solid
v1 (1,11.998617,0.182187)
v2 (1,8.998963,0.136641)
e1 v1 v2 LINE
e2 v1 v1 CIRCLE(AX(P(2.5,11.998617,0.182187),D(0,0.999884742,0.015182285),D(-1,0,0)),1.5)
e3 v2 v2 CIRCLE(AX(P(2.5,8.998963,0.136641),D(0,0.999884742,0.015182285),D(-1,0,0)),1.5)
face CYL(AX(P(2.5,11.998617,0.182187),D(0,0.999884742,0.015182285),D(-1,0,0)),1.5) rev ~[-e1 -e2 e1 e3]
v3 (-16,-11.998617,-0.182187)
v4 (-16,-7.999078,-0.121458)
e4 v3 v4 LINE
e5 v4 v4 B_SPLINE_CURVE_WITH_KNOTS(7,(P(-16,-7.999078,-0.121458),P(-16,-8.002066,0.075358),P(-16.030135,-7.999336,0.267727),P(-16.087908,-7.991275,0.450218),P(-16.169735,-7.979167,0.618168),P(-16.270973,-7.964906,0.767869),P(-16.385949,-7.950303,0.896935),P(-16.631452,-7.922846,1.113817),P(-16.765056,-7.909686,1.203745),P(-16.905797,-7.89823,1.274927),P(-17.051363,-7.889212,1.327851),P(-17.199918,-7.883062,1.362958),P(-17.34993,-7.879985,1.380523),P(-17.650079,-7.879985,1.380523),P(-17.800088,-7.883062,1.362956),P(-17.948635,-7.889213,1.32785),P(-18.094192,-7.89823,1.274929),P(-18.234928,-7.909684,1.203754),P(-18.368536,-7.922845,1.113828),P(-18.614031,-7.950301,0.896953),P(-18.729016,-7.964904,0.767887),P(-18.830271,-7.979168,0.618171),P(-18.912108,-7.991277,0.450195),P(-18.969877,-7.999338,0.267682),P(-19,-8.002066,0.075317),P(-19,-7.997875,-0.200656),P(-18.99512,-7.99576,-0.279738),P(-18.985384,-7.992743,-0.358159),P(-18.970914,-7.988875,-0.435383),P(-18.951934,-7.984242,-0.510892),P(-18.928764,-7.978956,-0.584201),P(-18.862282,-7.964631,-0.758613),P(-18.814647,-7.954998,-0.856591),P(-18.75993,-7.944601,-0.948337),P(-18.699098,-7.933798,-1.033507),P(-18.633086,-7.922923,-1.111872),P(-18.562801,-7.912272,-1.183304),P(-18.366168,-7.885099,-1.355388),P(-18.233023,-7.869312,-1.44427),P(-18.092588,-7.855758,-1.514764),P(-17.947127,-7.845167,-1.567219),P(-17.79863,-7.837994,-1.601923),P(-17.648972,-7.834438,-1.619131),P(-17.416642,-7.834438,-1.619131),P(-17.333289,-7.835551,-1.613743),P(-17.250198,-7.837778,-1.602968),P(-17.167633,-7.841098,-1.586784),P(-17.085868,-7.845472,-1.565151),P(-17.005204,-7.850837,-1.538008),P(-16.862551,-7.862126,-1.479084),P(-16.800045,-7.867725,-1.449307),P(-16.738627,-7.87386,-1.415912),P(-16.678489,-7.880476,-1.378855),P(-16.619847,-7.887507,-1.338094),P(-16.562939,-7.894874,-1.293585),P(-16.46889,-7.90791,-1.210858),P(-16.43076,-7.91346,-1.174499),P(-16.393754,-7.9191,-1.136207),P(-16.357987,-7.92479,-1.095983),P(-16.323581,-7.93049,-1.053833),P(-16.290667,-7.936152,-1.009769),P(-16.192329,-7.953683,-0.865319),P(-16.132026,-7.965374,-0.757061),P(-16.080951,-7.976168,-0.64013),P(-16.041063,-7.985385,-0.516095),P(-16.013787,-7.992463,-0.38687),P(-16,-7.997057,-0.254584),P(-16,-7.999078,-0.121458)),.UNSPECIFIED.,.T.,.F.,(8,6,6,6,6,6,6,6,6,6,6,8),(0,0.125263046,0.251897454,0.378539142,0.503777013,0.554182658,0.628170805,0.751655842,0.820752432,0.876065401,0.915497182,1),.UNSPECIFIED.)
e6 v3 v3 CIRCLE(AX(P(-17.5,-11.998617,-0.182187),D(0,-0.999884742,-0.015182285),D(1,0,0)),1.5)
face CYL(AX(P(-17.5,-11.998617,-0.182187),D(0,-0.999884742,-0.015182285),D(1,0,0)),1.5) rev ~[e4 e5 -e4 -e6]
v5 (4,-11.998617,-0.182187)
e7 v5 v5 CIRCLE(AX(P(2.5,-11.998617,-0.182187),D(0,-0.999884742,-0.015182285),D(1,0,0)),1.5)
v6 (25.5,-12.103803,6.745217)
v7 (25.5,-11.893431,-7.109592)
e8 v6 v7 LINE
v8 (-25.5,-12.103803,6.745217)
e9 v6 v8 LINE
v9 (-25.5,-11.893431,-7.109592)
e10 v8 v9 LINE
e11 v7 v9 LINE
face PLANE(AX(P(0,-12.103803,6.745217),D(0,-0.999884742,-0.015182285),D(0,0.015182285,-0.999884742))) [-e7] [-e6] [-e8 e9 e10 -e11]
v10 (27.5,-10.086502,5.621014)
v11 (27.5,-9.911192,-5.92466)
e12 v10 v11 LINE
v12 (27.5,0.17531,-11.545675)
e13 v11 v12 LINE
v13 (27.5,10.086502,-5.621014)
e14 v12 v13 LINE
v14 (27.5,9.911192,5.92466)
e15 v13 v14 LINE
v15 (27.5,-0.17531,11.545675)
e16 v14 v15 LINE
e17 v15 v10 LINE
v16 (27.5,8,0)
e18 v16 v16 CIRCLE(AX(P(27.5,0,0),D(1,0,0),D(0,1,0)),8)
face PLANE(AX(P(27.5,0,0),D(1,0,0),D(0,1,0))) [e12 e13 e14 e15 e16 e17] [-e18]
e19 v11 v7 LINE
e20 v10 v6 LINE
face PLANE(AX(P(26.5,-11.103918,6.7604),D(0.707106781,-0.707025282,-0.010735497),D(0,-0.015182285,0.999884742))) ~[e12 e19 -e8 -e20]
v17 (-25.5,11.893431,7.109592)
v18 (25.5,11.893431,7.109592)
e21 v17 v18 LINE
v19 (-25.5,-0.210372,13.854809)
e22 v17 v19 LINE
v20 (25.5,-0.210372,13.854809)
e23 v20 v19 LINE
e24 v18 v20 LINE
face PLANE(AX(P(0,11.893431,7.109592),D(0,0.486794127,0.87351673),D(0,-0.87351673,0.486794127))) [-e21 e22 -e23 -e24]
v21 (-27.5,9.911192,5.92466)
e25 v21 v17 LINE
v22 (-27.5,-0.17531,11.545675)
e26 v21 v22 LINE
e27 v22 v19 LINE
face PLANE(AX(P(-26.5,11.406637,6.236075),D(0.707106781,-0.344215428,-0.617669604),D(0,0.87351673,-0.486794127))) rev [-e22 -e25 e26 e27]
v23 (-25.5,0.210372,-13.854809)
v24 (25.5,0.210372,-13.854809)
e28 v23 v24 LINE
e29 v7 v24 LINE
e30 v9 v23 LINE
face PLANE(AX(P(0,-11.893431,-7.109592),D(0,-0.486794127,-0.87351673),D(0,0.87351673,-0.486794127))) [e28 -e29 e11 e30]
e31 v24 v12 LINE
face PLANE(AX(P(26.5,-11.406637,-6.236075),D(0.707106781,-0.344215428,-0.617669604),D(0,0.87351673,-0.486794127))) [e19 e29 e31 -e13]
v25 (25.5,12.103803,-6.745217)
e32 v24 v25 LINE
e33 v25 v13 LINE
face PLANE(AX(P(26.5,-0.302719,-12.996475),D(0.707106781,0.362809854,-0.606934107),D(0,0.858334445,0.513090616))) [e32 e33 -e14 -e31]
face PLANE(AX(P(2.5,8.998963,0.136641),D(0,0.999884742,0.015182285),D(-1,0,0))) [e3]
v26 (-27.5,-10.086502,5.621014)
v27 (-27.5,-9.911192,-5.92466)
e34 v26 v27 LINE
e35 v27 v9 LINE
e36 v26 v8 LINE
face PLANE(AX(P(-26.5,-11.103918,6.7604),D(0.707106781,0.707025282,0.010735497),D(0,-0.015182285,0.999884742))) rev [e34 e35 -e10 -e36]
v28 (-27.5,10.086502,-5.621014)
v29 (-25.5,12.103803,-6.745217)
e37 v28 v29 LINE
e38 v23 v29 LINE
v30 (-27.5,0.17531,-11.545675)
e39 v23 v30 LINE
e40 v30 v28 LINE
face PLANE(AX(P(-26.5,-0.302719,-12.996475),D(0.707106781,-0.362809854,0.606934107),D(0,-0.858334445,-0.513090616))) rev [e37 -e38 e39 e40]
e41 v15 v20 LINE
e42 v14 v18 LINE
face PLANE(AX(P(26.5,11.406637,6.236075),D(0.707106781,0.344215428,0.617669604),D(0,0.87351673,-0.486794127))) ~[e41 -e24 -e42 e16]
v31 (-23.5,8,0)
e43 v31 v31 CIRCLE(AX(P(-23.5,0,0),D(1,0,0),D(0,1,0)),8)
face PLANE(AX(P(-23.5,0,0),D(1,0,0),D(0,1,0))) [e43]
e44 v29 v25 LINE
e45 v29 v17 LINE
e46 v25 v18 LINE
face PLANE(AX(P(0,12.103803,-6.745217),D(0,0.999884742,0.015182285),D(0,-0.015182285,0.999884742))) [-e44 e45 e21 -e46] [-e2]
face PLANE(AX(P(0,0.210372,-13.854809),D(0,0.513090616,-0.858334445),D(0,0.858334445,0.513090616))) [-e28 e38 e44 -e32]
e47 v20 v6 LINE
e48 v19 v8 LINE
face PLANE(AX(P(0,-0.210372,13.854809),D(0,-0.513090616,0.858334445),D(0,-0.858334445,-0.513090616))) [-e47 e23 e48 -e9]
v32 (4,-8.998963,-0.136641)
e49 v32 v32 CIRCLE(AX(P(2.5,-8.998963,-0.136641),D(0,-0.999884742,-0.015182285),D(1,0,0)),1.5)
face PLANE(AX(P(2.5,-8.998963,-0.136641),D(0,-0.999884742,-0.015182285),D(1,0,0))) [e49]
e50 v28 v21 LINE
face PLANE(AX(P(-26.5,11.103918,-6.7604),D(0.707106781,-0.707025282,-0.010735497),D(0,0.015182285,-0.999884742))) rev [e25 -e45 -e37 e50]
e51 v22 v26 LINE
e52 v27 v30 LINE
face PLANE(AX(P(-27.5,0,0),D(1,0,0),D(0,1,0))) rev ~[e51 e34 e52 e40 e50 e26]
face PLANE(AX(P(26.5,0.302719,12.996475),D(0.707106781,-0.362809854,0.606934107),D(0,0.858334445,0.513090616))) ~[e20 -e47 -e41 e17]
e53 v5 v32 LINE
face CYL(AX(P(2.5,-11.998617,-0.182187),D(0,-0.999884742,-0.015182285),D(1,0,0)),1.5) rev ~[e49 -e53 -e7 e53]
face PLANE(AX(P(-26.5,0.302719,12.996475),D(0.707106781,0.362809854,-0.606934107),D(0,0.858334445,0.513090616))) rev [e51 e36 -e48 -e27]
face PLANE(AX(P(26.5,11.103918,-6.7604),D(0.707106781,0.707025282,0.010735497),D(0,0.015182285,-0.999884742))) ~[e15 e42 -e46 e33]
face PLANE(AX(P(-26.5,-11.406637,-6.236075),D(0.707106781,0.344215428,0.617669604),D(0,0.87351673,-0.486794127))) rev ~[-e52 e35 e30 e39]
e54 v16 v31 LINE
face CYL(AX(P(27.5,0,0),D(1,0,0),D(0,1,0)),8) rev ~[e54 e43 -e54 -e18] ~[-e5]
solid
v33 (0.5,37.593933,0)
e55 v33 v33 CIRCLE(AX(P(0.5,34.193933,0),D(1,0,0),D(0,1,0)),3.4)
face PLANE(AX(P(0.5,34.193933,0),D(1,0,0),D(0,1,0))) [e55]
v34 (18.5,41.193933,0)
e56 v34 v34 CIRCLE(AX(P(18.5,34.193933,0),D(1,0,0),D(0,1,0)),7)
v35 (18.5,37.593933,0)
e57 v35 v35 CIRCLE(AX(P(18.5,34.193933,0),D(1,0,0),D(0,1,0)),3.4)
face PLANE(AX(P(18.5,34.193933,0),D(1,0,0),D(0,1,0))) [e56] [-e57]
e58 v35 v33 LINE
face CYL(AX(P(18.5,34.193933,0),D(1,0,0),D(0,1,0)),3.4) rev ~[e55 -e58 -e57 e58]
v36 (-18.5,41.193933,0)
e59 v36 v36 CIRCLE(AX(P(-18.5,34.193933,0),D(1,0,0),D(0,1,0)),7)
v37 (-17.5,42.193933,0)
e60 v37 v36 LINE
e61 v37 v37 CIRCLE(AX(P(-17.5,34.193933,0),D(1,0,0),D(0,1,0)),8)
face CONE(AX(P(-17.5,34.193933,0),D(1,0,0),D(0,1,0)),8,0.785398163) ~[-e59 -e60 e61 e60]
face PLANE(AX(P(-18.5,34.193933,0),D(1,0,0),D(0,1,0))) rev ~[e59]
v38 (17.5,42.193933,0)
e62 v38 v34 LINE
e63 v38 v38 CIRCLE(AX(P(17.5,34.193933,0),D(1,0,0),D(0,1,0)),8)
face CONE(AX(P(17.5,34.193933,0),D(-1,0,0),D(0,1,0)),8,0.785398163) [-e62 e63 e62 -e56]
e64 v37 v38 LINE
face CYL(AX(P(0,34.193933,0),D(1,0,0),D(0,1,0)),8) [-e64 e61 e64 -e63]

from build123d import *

# Parameters (mm, degrees)
F1_DEPTH  = 27.5
F2_R      = 8
F3_DEPTH  = 51
F5_DEPTH  = 3
F6_R      = 1.5
F7_DEPTH  = 5
F8_R      = 1.5
F9_DEPTH  = 3
F10_SIZE  = 2
F11_R     = 8
F12_DEPTH = 18.5
F13_R     = 3.4
F14_DEPTH = 18
F15_SIZE  = 1


with BuildPart() as f1:
    # F0 (on Right) → F1 (new body, symmetric)
    with BuildSketch(Plane.YZ):
        Polygon((-11.8934309535, -7.1095921229), (0.2103719122, -13.8548094053), (12.1038028657, -6.7452172825), (11.8934309535, 7.1095921229), (-0.2103719122, 13.8548094053), (-12.1038028657, 6.7452172825), align=None)
    extrude(amount=F1_DEPTH, both=True)

    # F2 (on face) → F3 (cut)
    with BuildSketch(Plane.YZ.offset(27.5)):
        Circle(F2_R)
    extrude(amount=-F3_DEPTH, mode=Mode.SUBTRACT)

    # F4 (on face) → F5 (cut)
    with BuildSketch(Plane(origin=(0, -11.9986169096, -0.1821874202), x_dir=(1, 0, 0), z_dir=(0, -0.9998847425, -0.015182285))):
        with BuildLine():
            ThreePointArc((1, 0), (2.5, -1.5), (4, 0))
            ThreePointArc((4, 0), (2.5, 1.5), (1, 0))
        make_face()
    extrude(amount=-F5_DEPTH, mode=Mode.SUBTRACT)

    # F6 (on face) → F7 (cut)
    with BuildSketch(Plane(origin=(0, -11.9986169096, -0.1821874202), x_dir=(1, 0, 0), z_dir=(0, -0.9998847425, -0.015182285))):
        with Locations((-17.5, 0)):
            Circle(F6_R)
    extrude(amount=-F7_DEPTH, mode=Mode.SUBTRACT)

    # F8 (on face) → F9 (cut)
    with BuildSketch(Plane(origin=(0, 11.9986169096, 0.1821874202), x_dir=(-1, 0, 0), z_dir=(0, 0.9998847425, 0.015182285))):
        with Locations((-2.5, 0)):
            Circle(F8_R)
    extrude(amount=-F9_DEPTH, mode=Mode.SUBTRACT)

    # F10
    f10_edges = [f1.edges().sort_by_distance(p)[0] for p in [
        (27.5, -6.157087, 10.300013),
        (27.5, -11.998617, -0.182187),
        (27.5, -5.84153, -10.482201),
        (27.5, 6.157087, -10.300013),
        (27.5, 11.998617, 0.182187),
        (27.5, 5.84153, 10.482201),
        (-27.5, 5.84153, 10.482201),
        (-27.5, -6.157087, 10.300013),
        (-27.5, -11.998617, -0.182187),
        (-27.5, -5.84153, -10.482201),
        (-27.5, 6.157087, -10.300013),
        (-27.5, 11.998617, 0.182187),
    ]]
    chamfer(f10_edges, length=F10_SIZE)


with BuildPart() as f12:
    # F11 (on Right) → F12 (new body, symmetric)
    with BuildSketch(Plane.YZ):
        with Locations((34.1939330101, 0)):
            Circle(F11_R)
    extrude(amount=F12_DEPTH, both=True)

    # F13 (on face) → F14 (cut)
    with BuildSketch(Plane.YZ.offset(18.5)):
        with Locations((34.1939330101, 0)):
            Circle(F13_R)
    extrude(amount=-F14_DEPTH, mode=Mode.SUBTRACT)

    # F15
    f15_edges = [f12.edges().sort_by_distance(p)[0] for p in [
        (18.5, 26.193933, 0),
        (-18.5, 26.193933, 0),
    ]]
    chamfer(f15_edges, length=F15_SIZE)


solid = Compound([f1.part, f12.part])
